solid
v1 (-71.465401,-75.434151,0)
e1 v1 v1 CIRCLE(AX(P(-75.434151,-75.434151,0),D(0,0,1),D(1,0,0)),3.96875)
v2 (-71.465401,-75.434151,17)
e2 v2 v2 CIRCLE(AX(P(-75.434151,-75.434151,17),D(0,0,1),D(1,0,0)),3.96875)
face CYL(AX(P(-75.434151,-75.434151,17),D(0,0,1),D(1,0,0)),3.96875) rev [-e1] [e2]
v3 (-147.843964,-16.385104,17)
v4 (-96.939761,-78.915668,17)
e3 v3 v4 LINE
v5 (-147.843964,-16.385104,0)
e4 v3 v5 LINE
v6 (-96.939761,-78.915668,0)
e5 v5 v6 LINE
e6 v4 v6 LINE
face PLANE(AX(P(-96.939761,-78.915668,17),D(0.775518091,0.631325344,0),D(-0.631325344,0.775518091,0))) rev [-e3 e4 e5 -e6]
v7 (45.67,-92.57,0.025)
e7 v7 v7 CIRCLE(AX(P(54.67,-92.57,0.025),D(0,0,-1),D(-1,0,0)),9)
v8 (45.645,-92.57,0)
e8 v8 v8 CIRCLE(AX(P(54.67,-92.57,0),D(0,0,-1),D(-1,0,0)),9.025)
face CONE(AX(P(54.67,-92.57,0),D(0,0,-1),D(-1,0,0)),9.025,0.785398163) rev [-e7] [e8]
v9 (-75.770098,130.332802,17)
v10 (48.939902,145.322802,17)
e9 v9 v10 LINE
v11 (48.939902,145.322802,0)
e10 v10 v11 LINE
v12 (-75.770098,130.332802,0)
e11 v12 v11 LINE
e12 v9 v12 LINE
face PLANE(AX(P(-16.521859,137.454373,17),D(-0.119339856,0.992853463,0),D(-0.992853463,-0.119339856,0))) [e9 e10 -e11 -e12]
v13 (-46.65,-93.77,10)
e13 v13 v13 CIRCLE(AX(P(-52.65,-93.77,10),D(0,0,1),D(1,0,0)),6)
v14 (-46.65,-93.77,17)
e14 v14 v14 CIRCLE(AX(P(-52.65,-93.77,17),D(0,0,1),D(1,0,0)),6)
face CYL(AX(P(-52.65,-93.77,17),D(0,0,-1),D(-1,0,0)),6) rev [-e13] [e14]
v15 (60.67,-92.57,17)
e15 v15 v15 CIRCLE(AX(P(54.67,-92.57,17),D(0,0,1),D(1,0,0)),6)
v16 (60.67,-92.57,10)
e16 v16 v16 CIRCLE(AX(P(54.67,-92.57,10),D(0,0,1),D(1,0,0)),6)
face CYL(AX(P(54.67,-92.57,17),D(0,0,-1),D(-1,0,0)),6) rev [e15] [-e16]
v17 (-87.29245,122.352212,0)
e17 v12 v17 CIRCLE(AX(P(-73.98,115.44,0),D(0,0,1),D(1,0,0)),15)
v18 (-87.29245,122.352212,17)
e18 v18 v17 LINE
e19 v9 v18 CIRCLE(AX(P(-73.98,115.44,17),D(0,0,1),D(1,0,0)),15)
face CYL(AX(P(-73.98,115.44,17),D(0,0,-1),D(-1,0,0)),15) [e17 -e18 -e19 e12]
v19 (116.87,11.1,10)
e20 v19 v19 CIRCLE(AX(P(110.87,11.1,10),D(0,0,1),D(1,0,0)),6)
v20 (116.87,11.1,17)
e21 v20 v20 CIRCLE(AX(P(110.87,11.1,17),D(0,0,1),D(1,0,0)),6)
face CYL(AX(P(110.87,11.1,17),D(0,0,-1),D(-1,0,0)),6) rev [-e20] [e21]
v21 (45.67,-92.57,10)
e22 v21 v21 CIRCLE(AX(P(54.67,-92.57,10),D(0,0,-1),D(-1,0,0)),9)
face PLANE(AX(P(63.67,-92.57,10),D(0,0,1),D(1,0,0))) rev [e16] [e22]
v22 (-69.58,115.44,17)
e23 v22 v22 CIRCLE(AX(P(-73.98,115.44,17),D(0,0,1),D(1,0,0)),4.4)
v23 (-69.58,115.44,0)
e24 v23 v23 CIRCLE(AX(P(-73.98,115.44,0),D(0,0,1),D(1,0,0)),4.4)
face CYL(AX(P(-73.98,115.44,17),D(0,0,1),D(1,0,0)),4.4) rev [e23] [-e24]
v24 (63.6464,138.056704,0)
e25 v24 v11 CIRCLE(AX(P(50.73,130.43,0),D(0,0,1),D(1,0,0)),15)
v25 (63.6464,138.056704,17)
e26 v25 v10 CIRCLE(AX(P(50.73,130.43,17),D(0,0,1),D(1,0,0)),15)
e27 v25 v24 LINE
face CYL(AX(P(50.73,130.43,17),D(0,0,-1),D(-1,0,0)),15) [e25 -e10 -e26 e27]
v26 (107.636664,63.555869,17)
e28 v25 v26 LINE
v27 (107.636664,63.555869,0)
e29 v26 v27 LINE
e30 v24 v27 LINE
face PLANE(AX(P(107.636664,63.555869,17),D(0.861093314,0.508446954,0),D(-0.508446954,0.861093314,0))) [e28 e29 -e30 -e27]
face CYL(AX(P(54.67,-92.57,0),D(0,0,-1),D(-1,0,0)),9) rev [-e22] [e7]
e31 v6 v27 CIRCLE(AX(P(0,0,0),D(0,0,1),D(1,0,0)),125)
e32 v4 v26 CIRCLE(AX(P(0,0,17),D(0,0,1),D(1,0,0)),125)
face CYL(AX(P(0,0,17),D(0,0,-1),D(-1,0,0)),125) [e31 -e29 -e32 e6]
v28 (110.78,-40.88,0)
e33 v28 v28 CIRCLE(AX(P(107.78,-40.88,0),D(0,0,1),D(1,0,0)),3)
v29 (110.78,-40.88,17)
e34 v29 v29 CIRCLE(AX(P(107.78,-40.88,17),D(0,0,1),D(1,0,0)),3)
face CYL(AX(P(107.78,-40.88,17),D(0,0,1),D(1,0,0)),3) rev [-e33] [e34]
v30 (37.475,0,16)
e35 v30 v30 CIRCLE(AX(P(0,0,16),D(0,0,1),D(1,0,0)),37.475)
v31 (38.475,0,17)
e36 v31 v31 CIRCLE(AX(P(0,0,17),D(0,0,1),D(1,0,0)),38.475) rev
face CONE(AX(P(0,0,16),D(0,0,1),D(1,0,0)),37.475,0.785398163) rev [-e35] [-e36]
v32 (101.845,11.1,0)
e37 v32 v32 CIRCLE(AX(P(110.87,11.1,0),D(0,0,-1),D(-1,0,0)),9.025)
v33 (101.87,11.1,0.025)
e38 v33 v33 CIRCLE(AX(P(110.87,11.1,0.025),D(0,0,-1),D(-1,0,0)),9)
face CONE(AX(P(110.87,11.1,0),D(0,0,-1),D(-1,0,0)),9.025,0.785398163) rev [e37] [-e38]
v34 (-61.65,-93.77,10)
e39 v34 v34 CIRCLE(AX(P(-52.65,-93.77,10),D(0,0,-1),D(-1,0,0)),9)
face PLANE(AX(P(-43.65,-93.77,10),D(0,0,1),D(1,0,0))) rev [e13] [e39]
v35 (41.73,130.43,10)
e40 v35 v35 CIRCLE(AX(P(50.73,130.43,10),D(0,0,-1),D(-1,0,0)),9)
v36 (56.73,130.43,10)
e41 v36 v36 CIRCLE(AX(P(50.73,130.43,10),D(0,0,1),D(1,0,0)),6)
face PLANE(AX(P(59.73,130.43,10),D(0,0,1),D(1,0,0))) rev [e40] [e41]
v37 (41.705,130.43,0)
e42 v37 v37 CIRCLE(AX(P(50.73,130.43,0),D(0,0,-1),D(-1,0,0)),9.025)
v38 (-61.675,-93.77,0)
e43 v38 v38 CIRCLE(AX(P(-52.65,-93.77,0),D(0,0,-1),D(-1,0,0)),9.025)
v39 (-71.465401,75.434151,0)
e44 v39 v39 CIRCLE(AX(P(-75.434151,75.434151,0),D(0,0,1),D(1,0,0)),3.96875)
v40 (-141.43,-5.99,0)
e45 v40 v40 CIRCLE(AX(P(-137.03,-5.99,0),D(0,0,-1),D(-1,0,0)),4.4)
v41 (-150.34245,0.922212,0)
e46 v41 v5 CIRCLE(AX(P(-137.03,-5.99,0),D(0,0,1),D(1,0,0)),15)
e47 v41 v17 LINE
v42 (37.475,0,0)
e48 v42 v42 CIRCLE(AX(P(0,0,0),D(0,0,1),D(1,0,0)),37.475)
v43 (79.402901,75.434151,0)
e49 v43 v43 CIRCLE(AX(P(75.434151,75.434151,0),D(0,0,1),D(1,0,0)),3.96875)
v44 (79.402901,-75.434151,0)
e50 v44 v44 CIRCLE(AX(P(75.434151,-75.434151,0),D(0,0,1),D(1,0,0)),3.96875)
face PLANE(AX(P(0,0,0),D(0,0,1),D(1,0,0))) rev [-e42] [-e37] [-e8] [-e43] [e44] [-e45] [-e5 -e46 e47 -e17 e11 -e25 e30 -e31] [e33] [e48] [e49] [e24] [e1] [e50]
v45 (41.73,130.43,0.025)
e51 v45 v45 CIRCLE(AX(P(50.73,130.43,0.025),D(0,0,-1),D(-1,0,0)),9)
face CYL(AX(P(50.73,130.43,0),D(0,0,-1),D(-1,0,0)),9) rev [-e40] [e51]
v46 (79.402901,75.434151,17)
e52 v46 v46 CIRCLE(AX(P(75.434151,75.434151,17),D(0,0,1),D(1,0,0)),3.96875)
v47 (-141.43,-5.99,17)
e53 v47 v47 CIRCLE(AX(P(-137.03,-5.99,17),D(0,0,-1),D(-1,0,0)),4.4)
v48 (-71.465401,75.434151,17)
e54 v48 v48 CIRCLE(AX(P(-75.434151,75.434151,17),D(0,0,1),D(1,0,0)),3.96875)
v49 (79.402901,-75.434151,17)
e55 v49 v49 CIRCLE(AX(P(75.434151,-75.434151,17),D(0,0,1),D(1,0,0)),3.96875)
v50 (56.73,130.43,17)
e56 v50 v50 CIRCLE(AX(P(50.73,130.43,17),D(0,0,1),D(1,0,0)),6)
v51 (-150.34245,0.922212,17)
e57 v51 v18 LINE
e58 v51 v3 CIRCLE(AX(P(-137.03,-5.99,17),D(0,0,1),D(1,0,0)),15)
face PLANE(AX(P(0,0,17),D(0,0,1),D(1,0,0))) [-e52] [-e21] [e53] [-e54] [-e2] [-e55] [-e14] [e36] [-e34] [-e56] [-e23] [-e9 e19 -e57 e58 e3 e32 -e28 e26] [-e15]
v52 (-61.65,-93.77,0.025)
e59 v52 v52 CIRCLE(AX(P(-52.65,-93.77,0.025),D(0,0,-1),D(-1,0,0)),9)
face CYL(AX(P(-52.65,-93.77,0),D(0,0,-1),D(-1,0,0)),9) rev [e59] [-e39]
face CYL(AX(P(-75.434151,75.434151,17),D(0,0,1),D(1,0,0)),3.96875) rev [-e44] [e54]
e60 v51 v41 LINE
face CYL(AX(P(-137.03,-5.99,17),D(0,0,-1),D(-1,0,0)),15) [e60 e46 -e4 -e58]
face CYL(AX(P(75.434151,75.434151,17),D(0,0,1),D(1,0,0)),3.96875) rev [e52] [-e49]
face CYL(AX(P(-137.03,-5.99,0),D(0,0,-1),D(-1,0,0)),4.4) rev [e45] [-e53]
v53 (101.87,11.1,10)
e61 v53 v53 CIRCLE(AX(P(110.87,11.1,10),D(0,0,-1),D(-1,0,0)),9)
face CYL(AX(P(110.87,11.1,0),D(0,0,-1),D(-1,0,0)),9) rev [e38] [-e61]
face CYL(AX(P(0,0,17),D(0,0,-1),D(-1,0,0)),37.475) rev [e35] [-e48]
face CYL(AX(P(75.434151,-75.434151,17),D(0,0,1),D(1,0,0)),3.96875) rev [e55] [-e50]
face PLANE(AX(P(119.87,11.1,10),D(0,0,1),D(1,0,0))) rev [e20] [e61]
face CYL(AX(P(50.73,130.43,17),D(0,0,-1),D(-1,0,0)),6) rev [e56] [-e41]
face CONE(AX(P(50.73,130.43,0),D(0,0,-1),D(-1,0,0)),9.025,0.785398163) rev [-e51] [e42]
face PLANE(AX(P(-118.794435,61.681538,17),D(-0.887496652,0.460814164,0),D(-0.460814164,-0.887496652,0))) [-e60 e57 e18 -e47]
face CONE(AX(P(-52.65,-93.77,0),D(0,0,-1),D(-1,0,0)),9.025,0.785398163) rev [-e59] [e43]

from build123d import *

# Parameters (mm, degrees)
SKETCH1_R                         = 37.475
SKETCH1_R_2                       = 4
SKETCH1_R_3                       = 6
SKETCH1_R_4                       = 1.687903887
BOSS_EXTRUDE1_DEPTH               = 17
M10X1_25_TAPPED_HOLE1_D           = 8.8
M10X1_25_TAPPED_HOLE1_ON_FACE_2_D = 8.8
F_6_0MM_DOWEL_HOLE1_D             = 6
F_3_8_16_TAPPED_HOLE1_D           = 7.9375
CHAMFER1_SIZE                     = 1
CBORE_FOR_M10_SHCS1_AT_2_COUNT    = 2
CBORE_FOR_M10_SHCS1_AT_2_PITCH    = 133.628097719
CBORE_FOR_M10_SHCS1_AT_3_COUNT    = 2
CBORE_FOR_M10_SHCS1_AT_3_PITCH    = 223.034803562
CBORE_FOR_M10_SHCS1_AT_4_COUNT    = 2
CBORE_FOR_M10_SHCS1_AT_4_PITCH    = 246.886744075


with BuildPart() as part:
    # Sketch1 → Boss-Extrude1 (new body)
    with BuildSketch(Plane.XY):
        with BuildLine():
            Line((-147.843963588, -16.38510421), (-96.939761408, -78.915668014))
            ThreePointArc((-96.939761408, -78.915668014), (71.436269945, -102.576114843), (107.636664229, 63.55586923))
            Line((107.636664229, 63.55586923), (63.646399708, 138.056704308))
            ThreePointArc((63.646399708, 138.056704308), (57.374372961, 143.878133995), (48.939902164, 145.322801944))
            Line((48.939902164, 145.322801944), (-75.770097836, 130.332801944))
            ThreePointArc((-75.770097836, 130.332801944), (-82.520736984, 127.771091264), (-87.292449774, 122.352212454))
            Line((-87.292449774, 122.352212454), (-150.342449774, 0.922212454))
            ThreePointArc((-150.342449774, 0.922212454), (-151.87610245, -8.133185025), (-147.843963588, -16.38510421))
        make_face()
        Circle(SKETCH1_R, mode=Mode.SUBTRACT)
        with Locations((-73.98, 115.44)):
            Circle(SKETCH1_R_2, mode=Mode.SUBTRACT)
        with Locations((50.73, 130.43)):
            Circle(SKETCH1_R_3, mode=Mode.SUBTRACT)
        with Locations((110.87, 11.1)):
            Circle(SKETCH1_R_3, mode=Mode.SUBTRACT)
        with Locations((107.78, -40.88)):
            Circle(SKETCH1_R_4, mode=Mode.SUBTRACT)
        with Locations((54.67, -92.57)):
            Circle(SKETCH1_R_3, mode=Mode.SUBTRACT)
        with Locations((-52.65, -93.77)):
            Circle(SKETCH1_R_3, mode=Mode.SUBTRACT)
        with Locations((-137.03, -5.99)):
            Circle(SKETCH1_R_2, mode=Mode.SUBTRACT)
    extrude(amount=BOSS_EXTRUDE1_DEPTH)

    # M10x1.25 Tapped Hole1 (through all)
    with Locations(Plane(origin=(-73.98, 115.44, 17), x_dir=(1, 0, 0), z_dir=(0, 0, 1))):
        with Locations((0, 0)):
            Hole(M10X1_25_TAPPED_HOLE1_D / 2)

    # M10x1.25 Tapped Hole1 on face 2 (through all)
    with Locations(Plane(origin=(-137.03, -5.99, 0), x_dir=(1, 0, 0), z_dir=(0, 0, 1))):
        with Locations((0, 0)):
            Hole(M10X1_25_TAPPED_HOLE1_ON_FACE_2_D / 2)

    # Ø6.0mm Dowel Hole1 (through all)
    with Locations(Plane(origin=(107.78, -40.88, 17), x_dir=(1, 0, 0), z_dir=(0, 0, 1))):
        with Locations((0, 0)):
            Hole(F_6_0MM_DOWEL_HOLE1_D / 2)

    # 3/8-16 Tapped Hole1 (through all)
    with Locations(Plane(origin=(-75.434151417, 75.434151417, 17), x_dir=(1, 0, 0), z_dir=(0, 0, 1))):
        with Locations((0, 0), (0, -150.868302834), (150.868302834, -150.868302834), (150.868302834, 0)):
            Hole(F_3_8_16_TAPPED_HOLE1_D / 2)

    # Chamfer1
    chamfer1_edges = [part.edges().sort_by_distance(p)[0] for p in [
        (-37.475, 0, 17),
    ]]
    chamfer(chamfer1_edges, length=CHAMFER1_SIZE)

    # Sketch12 → CBORE for M10 SHCS1 (revolve, cut)
    with BuildSketch(Plane(origin=(50.73, 130.43, 0), x_dir=(0, 1, 0), z_dir=(1, 0, 0))):
        Polygon((0, 0), (0, 17), (5.25, 17), (5.25, 10), (9, 10), (9, 0.025), (9.025, 0), align=None)
    cbore_for_m10_shcs1 = revolve(axis=Axis((50.73, 130.43, -6.35), (0, 0, 1)), mode=Mode.SUBTRACT)

    # CBORE for M10 SHCS1 at 2: CBORE for M10 SHCS1 ×2
    with Locations(*[Vector(0.45005504850082595, -0.8930008137280274, 0) * (i * CBORE_FOR_M10_SHCS1_AT_2_PITCH) for i in range(1, CBORE_FOR_M10_SHCS1_AT_2_COUNT)]):
        add(cbore_for_m10_shcs1, mode=Mode.SUBTRACT)

    # CBORE for M10 SHCS1 at 3: CBORE for M10 SHCS1 ×2
    with Locations(*[Vector(0.017665404399104877, -0.9998439545686197, 0) * (i * CBORE_FOR_M10_SHCS1_AT_3_PITCH) for i in range(1, CBORE_FOR_M10_SHCS1_AT_3_COUNT)]):
        add(cbore_for_m10_shcs1, mode=Mode.SUBTRACT)

    # CBORE for M10 SHCS1 at 4: CBORE for M10 SHCS1 ×2
    with Locations(*[Vector(-0.4187345107866802, -0.9081086991523866, 0) * (i * CBORE_FOR_M10_SHCS1_AT_4_PITCH) for i in range(1, CBORE_FOR_M10_SHCS1_AT_4_COUNT)]):
        add(cbore_for_m10_shcs1, mode=Mode.SUBTRACT)


solid = part.part
